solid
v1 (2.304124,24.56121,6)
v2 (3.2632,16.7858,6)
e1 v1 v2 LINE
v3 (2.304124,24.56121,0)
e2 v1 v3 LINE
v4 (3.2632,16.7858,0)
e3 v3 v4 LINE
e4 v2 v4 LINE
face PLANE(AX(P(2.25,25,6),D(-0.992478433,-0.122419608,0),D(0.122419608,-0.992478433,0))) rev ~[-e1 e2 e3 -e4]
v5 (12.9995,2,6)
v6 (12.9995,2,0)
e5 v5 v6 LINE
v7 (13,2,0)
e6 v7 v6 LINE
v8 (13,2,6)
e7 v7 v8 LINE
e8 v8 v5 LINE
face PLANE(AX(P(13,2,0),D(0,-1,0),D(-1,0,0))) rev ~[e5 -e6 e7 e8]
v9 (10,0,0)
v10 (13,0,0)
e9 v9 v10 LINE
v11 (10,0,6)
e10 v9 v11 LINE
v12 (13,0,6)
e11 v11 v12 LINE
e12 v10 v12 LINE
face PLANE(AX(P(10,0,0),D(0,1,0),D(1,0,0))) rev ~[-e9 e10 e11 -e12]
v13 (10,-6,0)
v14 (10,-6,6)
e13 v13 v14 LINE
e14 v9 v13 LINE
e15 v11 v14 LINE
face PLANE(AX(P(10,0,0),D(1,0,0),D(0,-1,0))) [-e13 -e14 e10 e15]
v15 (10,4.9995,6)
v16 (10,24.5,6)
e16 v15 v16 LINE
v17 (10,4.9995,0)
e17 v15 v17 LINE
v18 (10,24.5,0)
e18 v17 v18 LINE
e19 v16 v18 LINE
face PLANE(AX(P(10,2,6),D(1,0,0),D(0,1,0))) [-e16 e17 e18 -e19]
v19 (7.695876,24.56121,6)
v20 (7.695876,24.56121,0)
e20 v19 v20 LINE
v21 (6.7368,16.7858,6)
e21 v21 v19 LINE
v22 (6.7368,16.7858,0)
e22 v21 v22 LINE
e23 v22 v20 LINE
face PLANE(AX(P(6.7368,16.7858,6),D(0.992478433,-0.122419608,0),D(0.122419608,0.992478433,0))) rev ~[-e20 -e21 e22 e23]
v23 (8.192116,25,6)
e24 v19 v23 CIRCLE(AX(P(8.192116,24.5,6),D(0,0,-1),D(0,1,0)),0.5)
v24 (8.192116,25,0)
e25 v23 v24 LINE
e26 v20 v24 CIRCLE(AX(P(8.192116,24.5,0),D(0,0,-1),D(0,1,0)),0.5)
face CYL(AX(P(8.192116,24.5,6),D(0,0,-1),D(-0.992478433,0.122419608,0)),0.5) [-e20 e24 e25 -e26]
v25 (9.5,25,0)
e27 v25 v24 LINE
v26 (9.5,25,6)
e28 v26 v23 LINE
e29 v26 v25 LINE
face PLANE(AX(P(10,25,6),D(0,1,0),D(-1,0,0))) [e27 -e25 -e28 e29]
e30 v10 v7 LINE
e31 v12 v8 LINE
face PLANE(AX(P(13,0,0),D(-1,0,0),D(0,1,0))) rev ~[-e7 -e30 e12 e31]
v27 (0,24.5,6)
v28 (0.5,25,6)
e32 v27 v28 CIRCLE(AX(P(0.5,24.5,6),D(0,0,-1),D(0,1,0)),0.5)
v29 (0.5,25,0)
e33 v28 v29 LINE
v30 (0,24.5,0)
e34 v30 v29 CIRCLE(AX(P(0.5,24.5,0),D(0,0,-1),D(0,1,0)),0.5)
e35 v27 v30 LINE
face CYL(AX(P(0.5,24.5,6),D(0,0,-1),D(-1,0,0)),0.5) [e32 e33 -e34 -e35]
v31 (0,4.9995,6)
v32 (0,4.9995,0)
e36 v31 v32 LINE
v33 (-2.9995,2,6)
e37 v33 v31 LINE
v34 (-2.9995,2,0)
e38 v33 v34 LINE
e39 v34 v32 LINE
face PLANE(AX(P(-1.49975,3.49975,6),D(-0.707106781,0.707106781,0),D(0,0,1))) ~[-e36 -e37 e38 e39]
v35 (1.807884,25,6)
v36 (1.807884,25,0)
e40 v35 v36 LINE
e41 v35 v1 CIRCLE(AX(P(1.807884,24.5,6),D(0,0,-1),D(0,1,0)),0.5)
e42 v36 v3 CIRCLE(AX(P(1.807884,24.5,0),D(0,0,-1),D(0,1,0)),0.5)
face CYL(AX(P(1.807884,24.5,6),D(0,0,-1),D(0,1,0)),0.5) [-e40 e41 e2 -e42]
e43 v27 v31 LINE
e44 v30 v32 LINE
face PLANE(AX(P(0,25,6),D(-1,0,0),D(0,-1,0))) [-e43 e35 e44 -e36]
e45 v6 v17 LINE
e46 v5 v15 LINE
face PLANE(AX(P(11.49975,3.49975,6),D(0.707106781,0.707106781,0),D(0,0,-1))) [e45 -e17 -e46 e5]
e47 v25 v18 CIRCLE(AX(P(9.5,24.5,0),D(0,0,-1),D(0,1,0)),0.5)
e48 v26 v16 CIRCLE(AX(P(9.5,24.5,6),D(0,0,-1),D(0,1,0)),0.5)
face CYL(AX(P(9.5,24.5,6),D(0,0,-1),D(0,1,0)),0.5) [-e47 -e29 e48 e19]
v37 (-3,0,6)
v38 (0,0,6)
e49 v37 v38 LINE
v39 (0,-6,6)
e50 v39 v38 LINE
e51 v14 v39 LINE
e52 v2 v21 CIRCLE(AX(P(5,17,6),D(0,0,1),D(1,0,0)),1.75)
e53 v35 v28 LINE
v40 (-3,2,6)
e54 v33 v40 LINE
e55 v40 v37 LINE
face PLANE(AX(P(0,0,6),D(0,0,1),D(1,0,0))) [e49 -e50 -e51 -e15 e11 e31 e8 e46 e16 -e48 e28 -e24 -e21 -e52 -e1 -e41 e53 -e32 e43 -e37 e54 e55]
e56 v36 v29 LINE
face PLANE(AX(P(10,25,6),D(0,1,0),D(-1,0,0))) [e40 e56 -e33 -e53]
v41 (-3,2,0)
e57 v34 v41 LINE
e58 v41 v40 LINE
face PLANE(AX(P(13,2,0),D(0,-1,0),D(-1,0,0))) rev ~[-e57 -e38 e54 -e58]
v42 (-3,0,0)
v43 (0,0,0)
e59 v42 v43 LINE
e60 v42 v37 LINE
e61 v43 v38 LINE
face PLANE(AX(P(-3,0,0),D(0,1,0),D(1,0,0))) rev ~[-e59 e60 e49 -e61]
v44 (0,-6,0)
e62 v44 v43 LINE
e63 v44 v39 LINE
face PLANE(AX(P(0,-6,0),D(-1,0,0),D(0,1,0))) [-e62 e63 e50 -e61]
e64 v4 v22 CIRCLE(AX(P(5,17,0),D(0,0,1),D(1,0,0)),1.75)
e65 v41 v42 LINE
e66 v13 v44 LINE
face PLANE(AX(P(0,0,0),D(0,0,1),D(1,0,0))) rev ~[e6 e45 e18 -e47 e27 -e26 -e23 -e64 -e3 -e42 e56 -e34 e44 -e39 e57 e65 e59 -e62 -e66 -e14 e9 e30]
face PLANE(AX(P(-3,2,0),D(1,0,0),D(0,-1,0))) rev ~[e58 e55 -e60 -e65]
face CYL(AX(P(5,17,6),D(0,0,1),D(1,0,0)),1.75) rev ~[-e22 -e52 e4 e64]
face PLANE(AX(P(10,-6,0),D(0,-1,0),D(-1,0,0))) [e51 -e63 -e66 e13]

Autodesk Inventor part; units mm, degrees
ref_plane "YZ Plane" through (0, 0, 0) normal (1, 0, 0) x (0, 1, 0)
ref_plane "XZ Plane" through (0, 0, 0) normal (0, 1, 0) x (-1, 0, 0)
ref_plane "XY Plane" through (0, 0, 0) normal (0, 0, 1) x (1, 0, 0)
sketch "Sketch1" plane through (0, 0, 0) normal (0, 0, 1) x (1, 0, 0)
  line L0 (0, -6) -> (0, 0) projected
  line L1 (-9, 0) -> (0, 0) projected
  line L2 (0, -6) -> (-9, -6) projected
  line L3 (0, 0) -> (10, 0) projected
  line L4 (0, 0) -> (0, -6) projected
  line L5 (10, -6) -> (0, -6) projected
  line L6 (10, 0) -> (10, -6) projected
  line L7 (0, -6) -> (-9, -6) projected
  line L8 (-9, 0) -> (0, 0) projected
  line L9 (0, -6) -> (10, -6)
  line L10 (10, -6) -> (10, 0)
  line L11 (10, 0) -> (0, 0)
  line L12 (0, 0) -> (0, -6)
  line L13 (-3, 0) -> (13, 0)
  line L14 (13, 0) -> (13, 2)
  line L15 (13, 2) -> (-3, 2)
  line L16 (-3, 2) -> (-3, 0)
  line L17 (-9, -6) -> (-9, 0) projected
  line L18 (-9, -6) -> (-9, 0) projected
  line L19 (0, -6) -> (0, 0) projected
  point P0 (5, 2)
  point P1 (5, 0)
  dimension "d0" = 16
  dimension "d2" = 2
extrude "Extrusion1" add sketch "Sketch1" along normal blind 6 contours L0 L3 L6 L5 | L1 L16 L15 L14 L13 L3
sketch "Sketch2" plane through (0, 0, 6) normal (0, 0, 1) x (1, 0, 0)
  line L0 (0, 0) -> (0, -6) projected
  line L1 (0, -6) -> (10, -6) projected
  line L2 (10, -6) -> (10, 0) projected
  line L3 (13, 2) -> (-3, 2) projected
  line L4 (0, 2) -> (10, 2)
  line L5 (10, 2) -> (10, 25)
  line L6 (10, 25) -> (0, 25)
  line L7 (0, 25) -> (0, 2)
  dimension "d6" = 31
  dimension "d21" = 10
extrude "Extrusion2" add sketch "Sketch2" against normal blind 6
chamfer "Chamfer1" distance 3 angle 45 2 edges at (0, 2, 3) (10, 2, 3)
sketch "Sketch3" plane through (0, 0, 6) normal (0, 0, 1) x (1, 0, 0)
  line L0 (10, 5) -> (10, 25) projected
  line L1 (10, 25) -> (0, 25) projected
  line L2 (0, 25) -> (0, 5) projected
  line L3 (2.25, 25) -> (7.75, 25)
  line L4 (7.75, 25) -> (7.75, 17) construction
  line L5 (7.75, 17) -> (2.25, 17) construction
  line L6 (2.25, 17) -> (2.25, 25) construction
  circle A0 centre (5, 17) radius 1.75
  line L7 (-3, 0) -> (0, 0) projected
  line L8 (0, 0) -> (0, -6) projected
  line L9 (0, -6) -> (10, -6) projected
  line L10 (10, -6) -> (10, 0) projected
  line L11 (10, 0) -> (13, 0) projected
  line L12 (13, 0) -> (13, 2) projected
  line L13 (10, 5) -> (13, 2) projected
  line L14 (10, 5) -> (10, 25) projected
  line L15 (10, 25) -> (0, 25) projected
  line L16 (0, 25) -> (0, 5) projected
  line L17 (-3, 2) -> (0, 5) projected
  line L18 (-3, 2) -> (-3, 0) projected
  line L19 (6.7368, 16.7858) -> (7.75, 25)
  line L20 (2.25, 25) -> (3.2632, 16.7858)
  dimension "d12" = 2.25
  dimension "d13" = 2.25
  dimension "d14" = 8
  dimension "d17" = 3.5
extrude "Extrusion3" cut sketch "Sketch3" against normal blind 6 contours L19 A0 L20 L1 | A0
fillet "Fillet1" radius 0.5 4 edges at (7.75, 25, 3) (2.25, 25, 3) (0, 25, 3) (10, 25, 3)
properties part number "arm 1"
